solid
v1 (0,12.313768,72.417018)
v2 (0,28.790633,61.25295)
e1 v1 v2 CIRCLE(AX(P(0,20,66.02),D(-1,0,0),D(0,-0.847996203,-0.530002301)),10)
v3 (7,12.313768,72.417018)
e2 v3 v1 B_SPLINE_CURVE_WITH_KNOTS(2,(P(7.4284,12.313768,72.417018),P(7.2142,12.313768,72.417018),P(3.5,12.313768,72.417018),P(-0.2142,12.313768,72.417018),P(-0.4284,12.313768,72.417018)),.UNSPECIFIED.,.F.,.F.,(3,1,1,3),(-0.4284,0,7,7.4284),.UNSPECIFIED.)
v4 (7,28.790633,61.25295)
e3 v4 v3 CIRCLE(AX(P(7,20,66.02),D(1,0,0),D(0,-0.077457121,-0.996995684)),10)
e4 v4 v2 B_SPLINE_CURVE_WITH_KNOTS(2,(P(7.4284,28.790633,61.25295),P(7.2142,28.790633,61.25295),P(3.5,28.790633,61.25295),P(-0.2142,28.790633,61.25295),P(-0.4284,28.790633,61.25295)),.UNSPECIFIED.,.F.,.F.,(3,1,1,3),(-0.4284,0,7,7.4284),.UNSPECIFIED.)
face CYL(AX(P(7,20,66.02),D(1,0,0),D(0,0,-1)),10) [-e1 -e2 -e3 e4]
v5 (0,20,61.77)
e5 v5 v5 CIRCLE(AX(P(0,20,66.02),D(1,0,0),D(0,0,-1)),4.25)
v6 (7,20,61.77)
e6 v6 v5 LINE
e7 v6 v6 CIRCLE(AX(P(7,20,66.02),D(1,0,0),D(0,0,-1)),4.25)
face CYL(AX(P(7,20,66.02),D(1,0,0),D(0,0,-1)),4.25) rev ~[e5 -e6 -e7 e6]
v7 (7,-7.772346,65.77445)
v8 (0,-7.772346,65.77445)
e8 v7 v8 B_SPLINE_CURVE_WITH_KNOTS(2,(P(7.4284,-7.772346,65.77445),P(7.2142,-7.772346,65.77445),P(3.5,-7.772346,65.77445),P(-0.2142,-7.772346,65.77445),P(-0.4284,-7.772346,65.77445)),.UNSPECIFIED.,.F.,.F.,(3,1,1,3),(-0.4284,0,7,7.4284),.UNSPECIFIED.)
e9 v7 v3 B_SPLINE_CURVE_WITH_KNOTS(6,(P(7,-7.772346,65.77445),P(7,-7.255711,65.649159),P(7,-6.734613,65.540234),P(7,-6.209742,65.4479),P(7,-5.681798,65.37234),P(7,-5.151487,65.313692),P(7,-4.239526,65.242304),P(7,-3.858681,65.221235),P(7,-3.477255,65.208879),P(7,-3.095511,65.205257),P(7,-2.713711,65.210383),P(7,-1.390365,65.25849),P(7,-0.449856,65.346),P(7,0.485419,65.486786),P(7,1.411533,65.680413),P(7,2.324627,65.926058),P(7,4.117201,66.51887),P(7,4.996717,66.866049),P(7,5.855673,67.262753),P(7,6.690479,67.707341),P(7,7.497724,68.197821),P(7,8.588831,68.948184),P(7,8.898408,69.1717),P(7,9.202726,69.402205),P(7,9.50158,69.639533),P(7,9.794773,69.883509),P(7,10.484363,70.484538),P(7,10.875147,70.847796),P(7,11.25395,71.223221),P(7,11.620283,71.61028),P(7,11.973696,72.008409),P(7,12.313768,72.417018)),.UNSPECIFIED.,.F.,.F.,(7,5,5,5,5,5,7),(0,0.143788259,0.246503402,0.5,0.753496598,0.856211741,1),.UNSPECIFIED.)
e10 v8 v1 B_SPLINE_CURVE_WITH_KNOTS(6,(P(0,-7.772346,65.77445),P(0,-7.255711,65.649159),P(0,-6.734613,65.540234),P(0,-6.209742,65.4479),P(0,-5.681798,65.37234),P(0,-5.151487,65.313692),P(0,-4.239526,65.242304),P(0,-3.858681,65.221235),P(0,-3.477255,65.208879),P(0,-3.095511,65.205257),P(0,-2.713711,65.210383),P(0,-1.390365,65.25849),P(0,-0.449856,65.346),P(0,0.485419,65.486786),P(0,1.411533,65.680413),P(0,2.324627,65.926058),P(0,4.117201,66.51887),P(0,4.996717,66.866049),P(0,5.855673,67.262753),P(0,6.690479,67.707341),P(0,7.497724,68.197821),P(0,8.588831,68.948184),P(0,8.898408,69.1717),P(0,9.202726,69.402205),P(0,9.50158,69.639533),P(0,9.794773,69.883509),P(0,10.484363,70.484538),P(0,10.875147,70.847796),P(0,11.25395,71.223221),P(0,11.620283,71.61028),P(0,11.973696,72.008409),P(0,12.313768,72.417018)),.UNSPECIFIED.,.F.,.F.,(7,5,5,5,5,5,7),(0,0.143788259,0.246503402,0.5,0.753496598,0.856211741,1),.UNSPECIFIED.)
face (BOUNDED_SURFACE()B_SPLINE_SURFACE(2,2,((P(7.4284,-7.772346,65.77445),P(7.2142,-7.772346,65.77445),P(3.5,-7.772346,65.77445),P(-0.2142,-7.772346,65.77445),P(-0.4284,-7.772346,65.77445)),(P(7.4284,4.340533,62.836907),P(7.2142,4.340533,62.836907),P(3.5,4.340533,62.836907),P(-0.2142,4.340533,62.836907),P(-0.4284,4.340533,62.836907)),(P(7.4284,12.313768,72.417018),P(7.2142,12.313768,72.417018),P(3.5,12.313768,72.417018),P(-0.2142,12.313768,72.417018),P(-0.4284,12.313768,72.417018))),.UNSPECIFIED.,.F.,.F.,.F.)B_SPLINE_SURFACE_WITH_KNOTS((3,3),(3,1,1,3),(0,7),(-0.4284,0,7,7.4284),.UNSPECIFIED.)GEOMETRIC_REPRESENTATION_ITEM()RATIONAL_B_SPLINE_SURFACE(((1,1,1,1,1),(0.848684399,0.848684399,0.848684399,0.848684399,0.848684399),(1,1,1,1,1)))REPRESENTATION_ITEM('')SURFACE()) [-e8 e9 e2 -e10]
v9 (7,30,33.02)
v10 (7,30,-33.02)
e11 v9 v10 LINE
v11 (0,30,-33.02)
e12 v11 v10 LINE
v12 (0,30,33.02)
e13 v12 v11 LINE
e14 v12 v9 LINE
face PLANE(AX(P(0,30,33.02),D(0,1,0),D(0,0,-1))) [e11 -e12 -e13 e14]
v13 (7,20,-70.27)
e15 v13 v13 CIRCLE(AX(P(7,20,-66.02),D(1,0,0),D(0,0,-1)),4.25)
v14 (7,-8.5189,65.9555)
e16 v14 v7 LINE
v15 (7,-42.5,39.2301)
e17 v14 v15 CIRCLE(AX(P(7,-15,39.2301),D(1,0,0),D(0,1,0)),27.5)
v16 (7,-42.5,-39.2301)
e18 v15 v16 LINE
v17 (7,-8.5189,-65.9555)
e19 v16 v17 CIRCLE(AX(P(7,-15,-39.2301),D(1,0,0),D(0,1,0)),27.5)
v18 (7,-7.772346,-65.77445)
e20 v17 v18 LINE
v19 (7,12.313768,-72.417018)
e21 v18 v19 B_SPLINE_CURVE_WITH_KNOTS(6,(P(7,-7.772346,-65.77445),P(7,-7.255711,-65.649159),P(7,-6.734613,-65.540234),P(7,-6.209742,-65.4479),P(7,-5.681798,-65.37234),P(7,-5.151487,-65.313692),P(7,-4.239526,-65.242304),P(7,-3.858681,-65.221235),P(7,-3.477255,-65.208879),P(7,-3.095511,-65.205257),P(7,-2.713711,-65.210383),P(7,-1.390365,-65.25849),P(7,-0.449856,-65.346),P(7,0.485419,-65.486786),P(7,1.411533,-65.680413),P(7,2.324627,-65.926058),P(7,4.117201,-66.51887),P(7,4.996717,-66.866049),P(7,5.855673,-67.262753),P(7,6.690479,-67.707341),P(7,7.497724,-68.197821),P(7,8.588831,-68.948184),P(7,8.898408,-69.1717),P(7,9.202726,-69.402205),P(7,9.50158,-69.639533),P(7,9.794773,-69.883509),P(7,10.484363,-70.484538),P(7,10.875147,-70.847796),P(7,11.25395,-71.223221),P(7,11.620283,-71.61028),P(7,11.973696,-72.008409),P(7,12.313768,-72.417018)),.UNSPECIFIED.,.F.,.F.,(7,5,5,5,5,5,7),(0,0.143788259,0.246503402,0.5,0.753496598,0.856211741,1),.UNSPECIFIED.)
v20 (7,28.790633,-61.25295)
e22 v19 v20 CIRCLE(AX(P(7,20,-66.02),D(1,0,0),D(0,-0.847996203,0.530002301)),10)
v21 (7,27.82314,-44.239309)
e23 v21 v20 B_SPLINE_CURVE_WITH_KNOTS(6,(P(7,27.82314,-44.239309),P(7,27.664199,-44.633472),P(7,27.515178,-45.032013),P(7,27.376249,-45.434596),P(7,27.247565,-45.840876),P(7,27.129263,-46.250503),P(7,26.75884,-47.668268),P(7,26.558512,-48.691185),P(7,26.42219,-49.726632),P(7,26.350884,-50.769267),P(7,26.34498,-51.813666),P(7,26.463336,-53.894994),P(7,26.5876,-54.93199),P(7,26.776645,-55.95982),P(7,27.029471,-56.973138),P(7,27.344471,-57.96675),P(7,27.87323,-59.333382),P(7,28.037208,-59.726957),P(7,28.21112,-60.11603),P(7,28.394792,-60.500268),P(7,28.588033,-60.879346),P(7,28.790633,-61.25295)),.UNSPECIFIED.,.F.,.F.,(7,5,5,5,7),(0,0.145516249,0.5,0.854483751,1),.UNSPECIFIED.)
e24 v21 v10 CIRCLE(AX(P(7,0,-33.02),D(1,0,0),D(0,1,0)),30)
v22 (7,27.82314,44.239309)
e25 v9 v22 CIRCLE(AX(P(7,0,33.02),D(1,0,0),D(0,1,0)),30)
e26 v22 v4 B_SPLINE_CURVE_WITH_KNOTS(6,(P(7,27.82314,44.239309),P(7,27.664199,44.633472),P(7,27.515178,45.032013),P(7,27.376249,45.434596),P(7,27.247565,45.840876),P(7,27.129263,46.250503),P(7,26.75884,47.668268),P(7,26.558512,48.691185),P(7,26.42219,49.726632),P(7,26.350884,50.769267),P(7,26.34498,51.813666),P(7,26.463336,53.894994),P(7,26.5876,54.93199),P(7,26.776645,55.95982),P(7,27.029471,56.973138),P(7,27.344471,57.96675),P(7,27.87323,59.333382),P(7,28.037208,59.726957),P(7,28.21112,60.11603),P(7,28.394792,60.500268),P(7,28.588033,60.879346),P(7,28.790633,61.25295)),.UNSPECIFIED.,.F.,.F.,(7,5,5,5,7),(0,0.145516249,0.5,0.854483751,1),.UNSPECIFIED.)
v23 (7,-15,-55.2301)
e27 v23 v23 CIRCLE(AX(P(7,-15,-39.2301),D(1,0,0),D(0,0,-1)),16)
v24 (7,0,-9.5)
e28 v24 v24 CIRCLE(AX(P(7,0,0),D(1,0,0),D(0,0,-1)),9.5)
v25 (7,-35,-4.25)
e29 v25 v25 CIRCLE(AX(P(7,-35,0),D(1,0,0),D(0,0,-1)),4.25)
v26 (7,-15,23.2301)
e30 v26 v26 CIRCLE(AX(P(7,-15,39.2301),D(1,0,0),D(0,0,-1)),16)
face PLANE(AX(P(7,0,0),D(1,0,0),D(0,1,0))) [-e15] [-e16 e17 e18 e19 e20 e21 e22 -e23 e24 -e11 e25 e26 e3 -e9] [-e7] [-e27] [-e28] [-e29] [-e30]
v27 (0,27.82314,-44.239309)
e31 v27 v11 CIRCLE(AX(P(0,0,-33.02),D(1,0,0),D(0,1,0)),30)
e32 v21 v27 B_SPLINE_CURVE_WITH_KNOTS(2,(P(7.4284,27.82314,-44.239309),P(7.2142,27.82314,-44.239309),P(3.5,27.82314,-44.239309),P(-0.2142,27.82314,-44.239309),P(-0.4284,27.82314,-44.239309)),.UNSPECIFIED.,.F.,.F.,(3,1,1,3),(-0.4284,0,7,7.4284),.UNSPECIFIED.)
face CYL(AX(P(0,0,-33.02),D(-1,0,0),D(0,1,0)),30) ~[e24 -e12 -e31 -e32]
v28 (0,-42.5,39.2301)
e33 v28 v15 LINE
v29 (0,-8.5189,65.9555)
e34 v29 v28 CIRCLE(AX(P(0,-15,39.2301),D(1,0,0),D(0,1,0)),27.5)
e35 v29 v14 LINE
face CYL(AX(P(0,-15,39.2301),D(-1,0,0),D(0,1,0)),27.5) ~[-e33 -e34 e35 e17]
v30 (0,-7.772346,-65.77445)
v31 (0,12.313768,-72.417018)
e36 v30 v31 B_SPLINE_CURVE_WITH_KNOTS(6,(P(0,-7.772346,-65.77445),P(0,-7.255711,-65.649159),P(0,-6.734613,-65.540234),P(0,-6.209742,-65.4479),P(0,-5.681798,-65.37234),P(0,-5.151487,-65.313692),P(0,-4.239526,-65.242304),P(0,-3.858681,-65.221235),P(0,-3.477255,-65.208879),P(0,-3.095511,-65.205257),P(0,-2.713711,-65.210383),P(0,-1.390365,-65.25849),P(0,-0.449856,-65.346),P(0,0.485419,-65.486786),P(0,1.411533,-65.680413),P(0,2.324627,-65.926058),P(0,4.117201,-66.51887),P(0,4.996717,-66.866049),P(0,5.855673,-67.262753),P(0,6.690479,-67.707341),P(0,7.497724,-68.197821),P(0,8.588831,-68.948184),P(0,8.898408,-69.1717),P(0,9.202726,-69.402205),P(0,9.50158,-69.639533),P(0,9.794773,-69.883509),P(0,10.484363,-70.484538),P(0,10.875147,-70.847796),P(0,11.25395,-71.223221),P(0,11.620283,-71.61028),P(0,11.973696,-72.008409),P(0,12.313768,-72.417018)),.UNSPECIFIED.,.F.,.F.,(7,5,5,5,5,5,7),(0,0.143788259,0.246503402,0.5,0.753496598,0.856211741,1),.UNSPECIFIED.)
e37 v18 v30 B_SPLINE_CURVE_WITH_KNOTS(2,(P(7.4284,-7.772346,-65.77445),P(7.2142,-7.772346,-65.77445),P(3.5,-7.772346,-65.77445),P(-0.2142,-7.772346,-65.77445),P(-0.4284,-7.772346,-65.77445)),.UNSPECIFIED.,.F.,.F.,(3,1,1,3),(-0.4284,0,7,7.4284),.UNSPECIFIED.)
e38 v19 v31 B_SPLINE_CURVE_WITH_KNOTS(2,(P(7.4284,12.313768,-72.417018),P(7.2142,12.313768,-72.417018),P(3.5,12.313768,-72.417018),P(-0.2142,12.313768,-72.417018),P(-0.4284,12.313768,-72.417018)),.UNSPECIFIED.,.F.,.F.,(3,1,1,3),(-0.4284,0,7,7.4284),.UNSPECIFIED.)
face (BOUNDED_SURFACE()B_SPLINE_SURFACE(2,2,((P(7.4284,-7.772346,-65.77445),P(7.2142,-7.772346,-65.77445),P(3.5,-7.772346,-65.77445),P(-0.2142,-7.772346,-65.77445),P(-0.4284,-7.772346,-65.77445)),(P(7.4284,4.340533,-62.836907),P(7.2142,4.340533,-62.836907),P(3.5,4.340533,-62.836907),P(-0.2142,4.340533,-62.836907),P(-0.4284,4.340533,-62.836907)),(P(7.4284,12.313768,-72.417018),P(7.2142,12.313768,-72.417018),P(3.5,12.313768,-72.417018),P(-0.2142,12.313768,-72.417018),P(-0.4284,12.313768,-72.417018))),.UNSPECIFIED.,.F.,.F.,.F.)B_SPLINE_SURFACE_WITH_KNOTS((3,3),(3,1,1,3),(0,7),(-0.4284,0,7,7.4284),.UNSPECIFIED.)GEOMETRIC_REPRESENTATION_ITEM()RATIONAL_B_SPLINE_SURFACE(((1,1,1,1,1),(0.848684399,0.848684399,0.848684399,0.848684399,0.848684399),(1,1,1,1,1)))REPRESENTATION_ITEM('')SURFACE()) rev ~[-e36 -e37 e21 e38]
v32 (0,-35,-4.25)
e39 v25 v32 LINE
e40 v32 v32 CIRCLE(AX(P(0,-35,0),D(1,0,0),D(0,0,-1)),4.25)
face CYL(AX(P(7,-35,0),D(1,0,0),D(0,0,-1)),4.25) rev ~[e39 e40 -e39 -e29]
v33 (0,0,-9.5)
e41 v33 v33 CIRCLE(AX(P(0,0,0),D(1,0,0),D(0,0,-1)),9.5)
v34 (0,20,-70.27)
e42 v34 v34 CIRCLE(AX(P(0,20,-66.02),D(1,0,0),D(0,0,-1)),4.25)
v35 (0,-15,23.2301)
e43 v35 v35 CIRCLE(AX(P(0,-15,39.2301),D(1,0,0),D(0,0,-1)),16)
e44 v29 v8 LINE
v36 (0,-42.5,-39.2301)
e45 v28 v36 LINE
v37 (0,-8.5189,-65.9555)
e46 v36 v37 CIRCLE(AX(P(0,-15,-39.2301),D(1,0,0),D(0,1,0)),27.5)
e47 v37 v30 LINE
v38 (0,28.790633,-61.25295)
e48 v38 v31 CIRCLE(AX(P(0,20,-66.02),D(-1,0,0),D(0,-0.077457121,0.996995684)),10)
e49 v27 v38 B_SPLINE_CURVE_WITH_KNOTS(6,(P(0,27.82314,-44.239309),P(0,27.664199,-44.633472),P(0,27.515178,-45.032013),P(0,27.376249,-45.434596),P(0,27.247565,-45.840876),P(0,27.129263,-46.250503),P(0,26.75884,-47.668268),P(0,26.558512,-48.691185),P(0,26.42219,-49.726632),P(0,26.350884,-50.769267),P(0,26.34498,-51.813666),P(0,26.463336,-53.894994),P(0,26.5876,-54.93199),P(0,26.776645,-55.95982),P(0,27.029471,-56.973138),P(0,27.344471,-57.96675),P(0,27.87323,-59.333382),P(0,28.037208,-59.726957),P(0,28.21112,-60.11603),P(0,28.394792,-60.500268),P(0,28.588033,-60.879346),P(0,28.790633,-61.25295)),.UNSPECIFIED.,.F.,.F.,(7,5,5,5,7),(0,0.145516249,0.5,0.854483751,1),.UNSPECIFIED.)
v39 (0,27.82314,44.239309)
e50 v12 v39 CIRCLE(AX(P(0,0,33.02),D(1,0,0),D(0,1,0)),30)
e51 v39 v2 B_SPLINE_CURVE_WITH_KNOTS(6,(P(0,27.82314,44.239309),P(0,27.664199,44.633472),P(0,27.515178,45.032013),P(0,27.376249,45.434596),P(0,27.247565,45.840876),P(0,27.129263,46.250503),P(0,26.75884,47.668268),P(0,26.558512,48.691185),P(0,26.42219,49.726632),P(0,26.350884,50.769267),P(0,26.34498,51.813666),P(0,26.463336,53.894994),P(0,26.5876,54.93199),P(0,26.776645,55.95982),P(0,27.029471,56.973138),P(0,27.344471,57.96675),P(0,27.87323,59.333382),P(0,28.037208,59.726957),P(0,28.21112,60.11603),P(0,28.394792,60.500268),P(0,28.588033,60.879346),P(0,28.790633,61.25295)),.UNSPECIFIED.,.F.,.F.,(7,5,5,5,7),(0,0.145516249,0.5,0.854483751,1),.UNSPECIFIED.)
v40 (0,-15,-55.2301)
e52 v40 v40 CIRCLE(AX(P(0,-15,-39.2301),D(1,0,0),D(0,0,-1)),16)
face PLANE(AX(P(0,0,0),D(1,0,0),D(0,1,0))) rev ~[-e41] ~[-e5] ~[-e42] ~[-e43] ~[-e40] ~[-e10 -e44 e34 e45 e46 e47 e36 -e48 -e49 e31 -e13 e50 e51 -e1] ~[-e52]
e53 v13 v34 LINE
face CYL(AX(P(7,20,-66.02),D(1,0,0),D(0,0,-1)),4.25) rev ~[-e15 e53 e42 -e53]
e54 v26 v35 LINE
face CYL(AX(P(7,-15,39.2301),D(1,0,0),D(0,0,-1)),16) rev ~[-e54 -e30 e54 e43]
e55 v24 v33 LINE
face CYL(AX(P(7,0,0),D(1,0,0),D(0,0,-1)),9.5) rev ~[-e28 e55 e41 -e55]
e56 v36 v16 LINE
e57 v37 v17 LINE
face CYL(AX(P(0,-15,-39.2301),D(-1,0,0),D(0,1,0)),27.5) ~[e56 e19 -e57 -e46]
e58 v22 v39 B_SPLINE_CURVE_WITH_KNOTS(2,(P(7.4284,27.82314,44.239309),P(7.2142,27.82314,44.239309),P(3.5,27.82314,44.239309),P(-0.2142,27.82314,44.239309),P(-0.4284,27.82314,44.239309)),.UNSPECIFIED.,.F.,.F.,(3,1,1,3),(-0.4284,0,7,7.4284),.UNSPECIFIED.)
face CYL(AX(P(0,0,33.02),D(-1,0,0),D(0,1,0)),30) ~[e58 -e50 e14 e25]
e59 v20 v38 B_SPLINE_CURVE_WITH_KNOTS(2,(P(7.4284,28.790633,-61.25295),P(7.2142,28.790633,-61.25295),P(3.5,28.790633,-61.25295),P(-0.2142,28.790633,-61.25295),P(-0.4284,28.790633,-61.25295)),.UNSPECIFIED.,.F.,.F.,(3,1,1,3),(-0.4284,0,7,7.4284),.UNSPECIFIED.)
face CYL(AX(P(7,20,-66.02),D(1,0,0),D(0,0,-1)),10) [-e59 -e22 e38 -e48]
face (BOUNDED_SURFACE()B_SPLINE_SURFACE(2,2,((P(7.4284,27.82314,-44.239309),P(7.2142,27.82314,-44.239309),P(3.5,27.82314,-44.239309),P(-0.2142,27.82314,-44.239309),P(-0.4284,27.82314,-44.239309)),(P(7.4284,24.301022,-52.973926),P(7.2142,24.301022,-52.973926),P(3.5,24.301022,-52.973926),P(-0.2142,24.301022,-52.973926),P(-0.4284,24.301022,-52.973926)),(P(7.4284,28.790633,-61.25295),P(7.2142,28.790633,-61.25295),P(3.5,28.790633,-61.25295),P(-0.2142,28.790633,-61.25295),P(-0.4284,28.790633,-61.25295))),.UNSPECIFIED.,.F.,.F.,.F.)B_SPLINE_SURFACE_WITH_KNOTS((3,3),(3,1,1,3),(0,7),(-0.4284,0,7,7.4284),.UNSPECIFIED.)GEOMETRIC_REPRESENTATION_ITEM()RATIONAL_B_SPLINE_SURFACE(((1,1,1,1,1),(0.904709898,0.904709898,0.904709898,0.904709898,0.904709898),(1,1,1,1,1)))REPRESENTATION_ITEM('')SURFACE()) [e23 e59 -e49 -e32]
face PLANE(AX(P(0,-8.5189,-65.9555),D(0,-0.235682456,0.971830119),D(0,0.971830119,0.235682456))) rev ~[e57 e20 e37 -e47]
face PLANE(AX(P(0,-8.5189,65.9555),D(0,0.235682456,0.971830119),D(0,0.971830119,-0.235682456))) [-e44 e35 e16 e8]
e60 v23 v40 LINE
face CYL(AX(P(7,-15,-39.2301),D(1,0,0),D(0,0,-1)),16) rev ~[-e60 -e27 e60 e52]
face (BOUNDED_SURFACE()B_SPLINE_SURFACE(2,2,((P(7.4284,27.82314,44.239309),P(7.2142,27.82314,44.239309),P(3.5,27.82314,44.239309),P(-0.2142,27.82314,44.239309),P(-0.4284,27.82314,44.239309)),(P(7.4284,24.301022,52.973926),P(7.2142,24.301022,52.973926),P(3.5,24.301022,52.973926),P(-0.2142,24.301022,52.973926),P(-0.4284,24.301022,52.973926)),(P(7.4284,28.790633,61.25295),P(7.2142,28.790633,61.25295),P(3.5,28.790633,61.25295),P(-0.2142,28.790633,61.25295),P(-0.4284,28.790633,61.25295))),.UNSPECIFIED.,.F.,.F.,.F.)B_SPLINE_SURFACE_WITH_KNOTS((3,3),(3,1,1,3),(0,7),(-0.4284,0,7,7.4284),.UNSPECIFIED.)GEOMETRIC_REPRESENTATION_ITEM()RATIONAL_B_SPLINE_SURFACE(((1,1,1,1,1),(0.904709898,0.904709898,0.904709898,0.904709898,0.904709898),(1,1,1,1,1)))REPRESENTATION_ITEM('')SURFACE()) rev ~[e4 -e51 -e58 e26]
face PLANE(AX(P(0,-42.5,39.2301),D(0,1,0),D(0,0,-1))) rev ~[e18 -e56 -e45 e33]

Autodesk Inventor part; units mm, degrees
ref_plane "YZ Plane" through (0, 0, 0) normal (1, 0, 0) x (0, 1, 0)
ref_plane "XZ Plane" through (0, 0, 0) normal (0, 1, 0) x (-1, 0, 0)
ref_plane "XY Plane" through (0, 0, 0) normal (0, 0, 1) x (1, 0, 0)
sketch "Sketch6" plane through (0, 0, 0) normal (1, 0, 0) x (0, 1, 0)
  circle A0 centre (0, 0) radius 9.5
  circle A1 centre (-15, -39.2301) radius 16
  circle A2 centre (-15, 39.2301) radius 16
  line L0 (0, 0) -> (0, -14.5947) construction
  line L1 (0, 0) -> (0, -33.02)
  line L2 (0, 0) -> (33.02, 0) construction
  circle A3 centre (0, -33.02) radius 30
  line L3 (0, 0) -> (0, 33.02)
  line L4 (0, 0) -> (33.02, 0) construction
  circle A4 centre (0, 33.02) radius 30
  line L5 (0, 0) -> (-15, -39.2301)
  line L6 (0, 0) -> (-15, 39.2301)
  circle A5 centre (-15, 39.2301) radius 27.5
  circle A6 centre (-15, -39.2301) radius 27.5
  line L7 (30, 33.02) -> (30, -33.02)
  line L8 (-42.5, 39.2301) -> (-42.5, -39.2301)
  line L9 (-8.5189, 65.9555) -> (7.0703, 62.1749)
  line L10 (-8.5189, -65.9555) -> (7.0703, -62.1749)
  dimension "d45" = 19
  dimension "d46" = 32
  dimension "d47" = 32
  dimension "d50" = 15
  dimension "d51" = 15
  dimension "d52" = 33.02
  dimension "d53" = 90
  dimension "d54" = 60
  dimension "d55" = 33.02
  dimension "d56" = 90
  dimension "d57" = 60
  dimension "d58" = 42
  dimension "d59" = 42
  dimension "d60" = 55
  dimension "d61" = 55
extrude "Extrusion6" add sketch "Sketch6" along normal blind 7
sketch "Sketch7" plane through (7, 0, 0) normal (1, 0, 0) x (0, 0, -1)
  circle A0 centre (0, 0) radius 9.5
  circle A1 centre (39.2301, -15) radius 16
  circle A2 centre (-39.2301, -15) radius 16
  line L0 (0, 0) -> (39.2301, -15) construction
  line L1 (0, 0) -> (-39.2301, -15) construction
  dimension "d64" = 19
  dimension "d65" = 32
  dimension "d66" = 32
  dimension "d67" = 15
  dimension "d69" = 15
  dimension "d70" = 42
  dimension "d71" = 42
extrude "Extrusion7" cut sketch "Sketch7" against normal blind 10
sketch "Sketch8" plane through (7, 0, 0) normal (1, 0, 0) x (0, 0, -1)
  circle A0 centre (-66.02, 20) radius 4.25 projected
  circle A1 centre (66.02, 20) radius 4.25 projected
  circle A2 centre (0, -35) radius 4.25 projected
  circle A3 centre (-66.02, 20) radius 10
  circle A4 centre (66.02, 20) radius 10
  circle A5 centre (0, -35) radius 8
  point P0 (0, 0)
  dimension "d74" = 20
  dimension "d75" = 20
  dimension "d76" = 16
extrude "Extrusion8" add sketch "Sketch8" against normal blind 7 contours A3 | A4
fillet "Fillet3" radius 20 4 edges at (3.5, 19.2254, 56.05) (3.5, 11.52, 60.72) (3.5, 19.2254, -56.05) (3.5, 11.52, -60.72)
sketch "Sketch9" plane through (7, 0, 0) normal (1, 0, 0) x (0, 0, -1)
  circle A0 centre (0, -35) radius 4.25 projected
  point P0 (0, 0)
extrude "Extrusion9" cut sketch "Sketch9" against normal blind 10
properties part number "Gearbox Plate 1" material "Aluminum 6061"
